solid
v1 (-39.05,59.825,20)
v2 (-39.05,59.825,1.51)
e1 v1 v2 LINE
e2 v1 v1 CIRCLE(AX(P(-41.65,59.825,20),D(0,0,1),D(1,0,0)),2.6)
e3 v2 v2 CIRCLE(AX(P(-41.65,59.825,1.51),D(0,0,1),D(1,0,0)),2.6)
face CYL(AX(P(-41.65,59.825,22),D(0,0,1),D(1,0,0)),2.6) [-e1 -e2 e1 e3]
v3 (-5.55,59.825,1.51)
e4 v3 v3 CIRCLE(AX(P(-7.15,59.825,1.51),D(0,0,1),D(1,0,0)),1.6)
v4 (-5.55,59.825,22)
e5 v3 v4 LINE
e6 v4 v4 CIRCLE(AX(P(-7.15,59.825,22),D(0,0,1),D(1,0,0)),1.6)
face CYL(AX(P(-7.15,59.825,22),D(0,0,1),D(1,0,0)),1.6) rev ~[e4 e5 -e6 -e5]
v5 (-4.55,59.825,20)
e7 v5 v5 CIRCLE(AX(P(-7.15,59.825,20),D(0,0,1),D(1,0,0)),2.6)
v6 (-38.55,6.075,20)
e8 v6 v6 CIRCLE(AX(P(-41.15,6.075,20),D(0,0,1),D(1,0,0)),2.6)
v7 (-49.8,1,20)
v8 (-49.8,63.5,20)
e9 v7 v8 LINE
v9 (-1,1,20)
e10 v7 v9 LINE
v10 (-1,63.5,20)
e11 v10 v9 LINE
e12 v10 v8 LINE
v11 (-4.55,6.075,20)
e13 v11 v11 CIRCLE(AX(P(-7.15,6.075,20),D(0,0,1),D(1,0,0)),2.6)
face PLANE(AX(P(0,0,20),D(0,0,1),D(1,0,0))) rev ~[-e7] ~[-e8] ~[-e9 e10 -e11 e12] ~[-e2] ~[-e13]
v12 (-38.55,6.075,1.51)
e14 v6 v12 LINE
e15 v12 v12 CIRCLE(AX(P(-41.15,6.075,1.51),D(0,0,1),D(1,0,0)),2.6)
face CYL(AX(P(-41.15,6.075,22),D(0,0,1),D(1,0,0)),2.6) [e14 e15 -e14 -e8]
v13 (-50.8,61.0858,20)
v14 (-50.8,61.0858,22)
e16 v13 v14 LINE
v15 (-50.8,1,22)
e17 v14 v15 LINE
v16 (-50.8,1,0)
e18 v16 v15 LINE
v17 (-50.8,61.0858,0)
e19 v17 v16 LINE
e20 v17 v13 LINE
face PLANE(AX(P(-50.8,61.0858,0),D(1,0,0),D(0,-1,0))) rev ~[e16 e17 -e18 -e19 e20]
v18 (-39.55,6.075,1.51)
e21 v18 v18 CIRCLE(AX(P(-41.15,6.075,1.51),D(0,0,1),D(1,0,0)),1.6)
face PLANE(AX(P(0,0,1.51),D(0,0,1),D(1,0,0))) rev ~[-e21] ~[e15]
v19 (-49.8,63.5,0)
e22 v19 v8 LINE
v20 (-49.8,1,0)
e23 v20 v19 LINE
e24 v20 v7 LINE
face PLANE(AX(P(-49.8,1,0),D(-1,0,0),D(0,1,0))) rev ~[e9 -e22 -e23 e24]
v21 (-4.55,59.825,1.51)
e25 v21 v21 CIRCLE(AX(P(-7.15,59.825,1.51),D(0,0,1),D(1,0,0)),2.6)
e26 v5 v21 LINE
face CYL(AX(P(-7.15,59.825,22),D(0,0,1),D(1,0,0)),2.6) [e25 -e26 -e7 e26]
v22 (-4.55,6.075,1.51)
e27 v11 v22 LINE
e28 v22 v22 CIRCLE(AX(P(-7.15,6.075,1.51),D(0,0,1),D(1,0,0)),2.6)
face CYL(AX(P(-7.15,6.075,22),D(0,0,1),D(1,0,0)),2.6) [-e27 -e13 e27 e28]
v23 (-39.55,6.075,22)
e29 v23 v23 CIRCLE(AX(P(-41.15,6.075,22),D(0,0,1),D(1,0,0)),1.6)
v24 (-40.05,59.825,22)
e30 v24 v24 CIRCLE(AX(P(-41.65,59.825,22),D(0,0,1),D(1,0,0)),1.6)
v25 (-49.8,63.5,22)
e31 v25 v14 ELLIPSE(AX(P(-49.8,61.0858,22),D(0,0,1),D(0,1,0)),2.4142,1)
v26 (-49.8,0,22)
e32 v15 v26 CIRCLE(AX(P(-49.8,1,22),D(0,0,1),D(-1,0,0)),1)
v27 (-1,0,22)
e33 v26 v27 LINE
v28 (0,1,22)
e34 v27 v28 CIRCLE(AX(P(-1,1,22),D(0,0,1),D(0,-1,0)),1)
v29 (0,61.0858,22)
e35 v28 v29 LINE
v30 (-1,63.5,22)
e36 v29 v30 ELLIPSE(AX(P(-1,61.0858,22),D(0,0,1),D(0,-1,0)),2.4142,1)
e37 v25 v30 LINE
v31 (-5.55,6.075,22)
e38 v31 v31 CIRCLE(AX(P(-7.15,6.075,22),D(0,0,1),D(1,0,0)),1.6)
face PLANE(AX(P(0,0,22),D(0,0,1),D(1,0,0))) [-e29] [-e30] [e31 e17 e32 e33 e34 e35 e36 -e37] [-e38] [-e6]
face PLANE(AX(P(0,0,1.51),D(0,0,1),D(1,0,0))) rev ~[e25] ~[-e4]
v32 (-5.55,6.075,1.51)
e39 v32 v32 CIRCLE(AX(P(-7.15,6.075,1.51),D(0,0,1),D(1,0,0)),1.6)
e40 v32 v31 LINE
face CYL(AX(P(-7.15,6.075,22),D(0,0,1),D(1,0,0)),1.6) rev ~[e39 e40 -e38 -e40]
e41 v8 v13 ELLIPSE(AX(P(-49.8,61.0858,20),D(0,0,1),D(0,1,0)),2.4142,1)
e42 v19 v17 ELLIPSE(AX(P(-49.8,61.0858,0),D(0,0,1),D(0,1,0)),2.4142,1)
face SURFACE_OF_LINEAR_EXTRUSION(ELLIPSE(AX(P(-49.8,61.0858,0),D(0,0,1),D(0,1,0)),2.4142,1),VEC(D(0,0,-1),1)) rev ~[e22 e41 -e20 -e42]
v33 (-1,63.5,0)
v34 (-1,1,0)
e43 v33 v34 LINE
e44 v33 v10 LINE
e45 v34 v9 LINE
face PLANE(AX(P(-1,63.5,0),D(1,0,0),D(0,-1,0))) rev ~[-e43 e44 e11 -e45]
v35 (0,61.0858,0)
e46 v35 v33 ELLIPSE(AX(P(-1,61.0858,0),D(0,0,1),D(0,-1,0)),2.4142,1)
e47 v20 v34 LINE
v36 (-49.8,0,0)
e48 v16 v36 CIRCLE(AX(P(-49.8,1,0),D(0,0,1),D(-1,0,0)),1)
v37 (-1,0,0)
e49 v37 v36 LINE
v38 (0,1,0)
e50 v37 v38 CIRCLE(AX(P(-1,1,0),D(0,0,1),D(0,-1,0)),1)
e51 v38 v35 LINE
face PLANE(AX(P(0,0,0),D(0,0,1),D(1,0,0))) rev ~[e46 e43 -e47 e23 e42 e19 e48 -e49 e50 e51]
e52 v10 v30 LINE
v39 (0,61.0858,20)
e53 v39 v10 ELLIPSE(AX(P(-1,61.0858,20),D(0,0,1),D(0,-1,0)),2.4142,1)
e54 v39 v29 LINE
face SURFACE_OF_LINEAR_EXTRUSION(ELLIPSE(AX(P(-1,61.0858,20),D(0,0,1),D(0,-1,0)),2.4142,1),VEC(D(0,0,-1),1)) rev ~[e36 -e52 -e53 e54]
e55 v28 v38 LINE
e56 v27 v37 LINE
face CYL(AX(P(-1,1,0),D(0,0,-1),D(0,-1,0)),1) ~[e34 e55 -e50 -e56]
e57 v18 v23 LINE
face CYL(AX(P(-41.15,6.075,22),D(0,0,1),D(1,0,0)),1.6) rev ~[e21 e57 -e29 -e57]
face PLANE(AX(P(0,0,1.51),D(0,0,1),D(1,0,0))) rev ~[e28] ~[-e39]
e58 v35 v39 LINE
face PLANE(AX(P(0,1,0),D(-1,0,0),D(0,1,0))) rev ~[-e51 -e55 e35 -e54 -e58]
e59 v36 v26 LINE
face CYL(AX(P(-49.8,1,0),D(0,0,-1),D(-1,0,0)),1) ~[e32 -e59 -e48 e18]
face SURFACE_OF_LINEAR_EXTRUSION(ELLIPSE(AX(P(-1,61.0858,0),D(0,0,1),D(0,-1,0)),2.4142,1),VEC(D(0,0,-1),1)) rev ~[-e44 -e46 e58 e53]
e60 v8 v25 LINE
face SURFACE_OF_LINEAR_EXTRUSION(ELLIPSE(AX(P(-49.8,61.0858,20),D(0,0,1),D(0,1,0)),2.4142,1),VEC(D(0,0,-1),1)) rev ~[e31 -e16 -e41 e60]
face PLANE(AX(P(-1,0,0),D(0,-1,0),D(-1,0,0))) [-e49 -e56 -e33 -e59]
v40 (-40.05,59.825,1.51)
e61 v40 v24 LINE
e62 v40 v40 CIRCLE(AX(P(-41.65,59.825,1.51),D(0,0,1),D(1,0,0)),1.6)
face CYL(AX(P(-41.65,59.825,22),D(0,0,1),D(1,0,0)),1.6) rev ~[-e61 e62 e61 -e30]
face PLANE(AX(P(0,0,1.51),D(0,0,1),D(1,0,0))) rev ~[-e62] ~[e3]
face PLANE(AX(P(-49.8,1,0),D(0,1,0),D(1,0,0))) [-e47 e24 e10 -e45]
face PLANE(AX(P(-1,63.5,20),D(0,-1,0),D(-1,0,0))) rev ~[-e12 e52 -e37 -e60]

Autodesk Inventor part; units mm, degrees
ref_plane "YZ Plane" through (0, 0, 0) normal (1, 0, 0) x (0, 1, 0)
ref_plane "XZ Plane" through (0, 0, 0) normal (0, 1, 0) x (-1, 0, 0)
sketch "Sketch1" plane through (0, 0, 0) normal (0, 0, 1) x (1, 0, 0)
  circle A0 centre (-41.65, 59.825) radius 1.6 projected
  circle A1 centre (-41.15, 6.075) radius 1.6 projected
  circle A2 centre (-7.15, 59.825) radius 1.6 projected
  circle A3 centre (-7.15, 6.075) radius 1.6 projected
  line L0 (-1, 63.5) -> (-1, 0) projected
  line L1 (-1, 63.5) -> (-49.8, 63.5) projected
  line L2 (-49.8, 0) -> (-49.8, 63.5) projected
  line L3 (-1, 0) -> (-49.8, 0) projected
  ellipse E0 centre (-49.8, 61.0858) end of major axis (-49.8, 63.5) minor radius 1 (-49.8, 63.5) -> (-50.8, 61.0858) ccw projected
  line L4 (-50.8, 61.0858) -> (-50.8, 1) projected
  arc A4 (-50.8, 1) -> (-49.8, 0) centre (-49.8, 1) ccw projected
  arc A5 (-1, 0) -> (0, 1) centre (-1, 1) ccw projected
  line L5 (0, 1) -> (0, 61.0858) projected
  ellipse E1 centre (-1, 61.0858) end of major axis (-1, 58.6716) minor radius 1 (0, 61.0858) -> (-1, 63.5) ccw projected
  line L6 (-48.9, 5.825) -> (-48.9, 59.5) projected
  arc A6 (-44.9, 63.5) -> (-48.9, 59.5) centre (-44.9, 59.5) ccw projected
  arc A7 (-1.9, 59.5) -> (-5.9, 63.5) centre (-5.9, 59.5) ccw projected
  line L7 (-1.9, 59.5) -> (-1.9, 5.825) projected
  arc A8 (-48.9, 5.825) -> (-44.9, 1.825) centre (-44.9, 5.825) ccw projected
  line L8 (-5.9, 1.825) -> (-44.9, 1.825) projected
  arc A9 (-5.9, 1.825) -> (-1.9, 5.825) centre (-5.9, 5.825) ccw projected
  line L9 (-49.8, 1) -> (-1, 1)
  point P0 (0, 0)
extrude "Extrusion1" add sketch "Sketch1" along normal blind 20 contours E1 L5 A5 L0 | L0 L3 L2 L9 | L2 A4 L4 E0
sketch "Sketch2" plane through (0, 0, 20) normal (0, 0, 1) x (1, 0, 0)
  line L0 (-1, 63.5) -> (-49.8, 63.5) projected
  ellipse E0 centre (-49.8, 61.0858) end of major axis (-49.8, 63.5) minor radius 1 (-49.8, 63.5) -> (-50.8, 61.0858) ccw projected
  line L1 (-49.8, 0) -> (-1, 0) projected
  arc A0 (-1, 0) -> (0, 1) centre (-1, 1) ccw projected
  line L2 (0, 1) -> (0, 61.0858) projected
  ellipse E1 centre (-1, 61.0858) end of major axis (-1, 58.6716) minor radius 1 (0, 61.0858) -> (-1, 63.5) ccw projected
  line L3 (-1, 63.5) -> (-1, 1) projected
  line L4 (-1, 1) -> (-49.8, 1) projected
  line L5 (-49.8, 1) -> (-49.8, 63.5) projected
  ellipse E2 centre (-49.8, 61.0858) end of major axis (-49.8, 63.5) minor radius 1 (-49.8, 63.5) -> (-50.8, 61.0858) ccw projected
  line L6 (-50.8, 61.0858) -> (-50.8, 1) projected
  arc A1 (-50.8, 1) -> (-49.8, 0) centre (-49.8, 1) ccw projected
  arc A2 (-44.9, 63.5) -> (-48.9, 59.5) centre (-44.9, 59.5) ccw projected
  arc A3 (-1.9, 59.5) -> (-5.9, 63.5) centre (-5.9, 59.5) ccw projected
  line L7 (-48.9, 59.5) -> (-49.8, 59.5)
  line L8 (-1.9, 59.5) -> (-1, 59.5)
  line L9 (-1.9, 59.5) -> (-48.9, 59.5)
  line L10 (-5.9, 1.825) -> (-44.9, 1.825) projected
  line L11 (-44.9, 1.825) -> (-49.8, 1.825)
  line L12 (-5.9, 1.825) -> (-1, 1.825)
  point P0 (0, 0)
extrude "Extrusion2" add sketch "Sketch2" along normal blind 2
sketch "Sketch3" plane through (0, 0, 22) normal (0, 0, 1) x (1, 0, 0)
  circle A0 centre (-41.65, 59.825) radius 1.6 projected
  circle A1 centre (-7.15, 59.825) radius 1.6 projected
  circle A2 centre (-7.15, 6.075) radius 1.6 projected
  circle A3 centre (-41.15, 6.075) radius 1.6 projected
  point P0 (0, 0)
extrude "Extrusion3" cut sketch "Sketch3" against normal through all
ref_plane "Work Plane1" through (-49.495, 1.3716, 1.51) normal (0, 0, 1) x (1, 0, 0)
sketch "Sketch4" plane through (0, 0, 22) normal (0, 0, 1) x (1, 0, 0)
  circle A0 centre (-41.65, 59.825) radius 1.6 projected
  circle A1 centre (-41.15, 6.075) radius 1.6 projected
  circle A2 centre (-7.15, 6.075) radius 1.6 projected
  circle A3 centre (-7.15, 59.825) radius 1.6 projected
  circle A4 centre (-41.65, 59.825) radius 2.6
  circle A5 centre (-7.15, 59.825) radius 2.6
  circle A6 centre (-7.15, 6.075) radius 2.6
  circle A7 centre (-41.15, 6.075) radius 2.6
  point P0 (0, 0)
  dimension "d10" = 1
  dimension "d11" = 1
  dimension "d12" = 1
  dimension "d13" = 1
extrude "Extrusion4" add sketch "Sketch4" against normal up to surface (20.49 mm away)
properties part number "case-top"
